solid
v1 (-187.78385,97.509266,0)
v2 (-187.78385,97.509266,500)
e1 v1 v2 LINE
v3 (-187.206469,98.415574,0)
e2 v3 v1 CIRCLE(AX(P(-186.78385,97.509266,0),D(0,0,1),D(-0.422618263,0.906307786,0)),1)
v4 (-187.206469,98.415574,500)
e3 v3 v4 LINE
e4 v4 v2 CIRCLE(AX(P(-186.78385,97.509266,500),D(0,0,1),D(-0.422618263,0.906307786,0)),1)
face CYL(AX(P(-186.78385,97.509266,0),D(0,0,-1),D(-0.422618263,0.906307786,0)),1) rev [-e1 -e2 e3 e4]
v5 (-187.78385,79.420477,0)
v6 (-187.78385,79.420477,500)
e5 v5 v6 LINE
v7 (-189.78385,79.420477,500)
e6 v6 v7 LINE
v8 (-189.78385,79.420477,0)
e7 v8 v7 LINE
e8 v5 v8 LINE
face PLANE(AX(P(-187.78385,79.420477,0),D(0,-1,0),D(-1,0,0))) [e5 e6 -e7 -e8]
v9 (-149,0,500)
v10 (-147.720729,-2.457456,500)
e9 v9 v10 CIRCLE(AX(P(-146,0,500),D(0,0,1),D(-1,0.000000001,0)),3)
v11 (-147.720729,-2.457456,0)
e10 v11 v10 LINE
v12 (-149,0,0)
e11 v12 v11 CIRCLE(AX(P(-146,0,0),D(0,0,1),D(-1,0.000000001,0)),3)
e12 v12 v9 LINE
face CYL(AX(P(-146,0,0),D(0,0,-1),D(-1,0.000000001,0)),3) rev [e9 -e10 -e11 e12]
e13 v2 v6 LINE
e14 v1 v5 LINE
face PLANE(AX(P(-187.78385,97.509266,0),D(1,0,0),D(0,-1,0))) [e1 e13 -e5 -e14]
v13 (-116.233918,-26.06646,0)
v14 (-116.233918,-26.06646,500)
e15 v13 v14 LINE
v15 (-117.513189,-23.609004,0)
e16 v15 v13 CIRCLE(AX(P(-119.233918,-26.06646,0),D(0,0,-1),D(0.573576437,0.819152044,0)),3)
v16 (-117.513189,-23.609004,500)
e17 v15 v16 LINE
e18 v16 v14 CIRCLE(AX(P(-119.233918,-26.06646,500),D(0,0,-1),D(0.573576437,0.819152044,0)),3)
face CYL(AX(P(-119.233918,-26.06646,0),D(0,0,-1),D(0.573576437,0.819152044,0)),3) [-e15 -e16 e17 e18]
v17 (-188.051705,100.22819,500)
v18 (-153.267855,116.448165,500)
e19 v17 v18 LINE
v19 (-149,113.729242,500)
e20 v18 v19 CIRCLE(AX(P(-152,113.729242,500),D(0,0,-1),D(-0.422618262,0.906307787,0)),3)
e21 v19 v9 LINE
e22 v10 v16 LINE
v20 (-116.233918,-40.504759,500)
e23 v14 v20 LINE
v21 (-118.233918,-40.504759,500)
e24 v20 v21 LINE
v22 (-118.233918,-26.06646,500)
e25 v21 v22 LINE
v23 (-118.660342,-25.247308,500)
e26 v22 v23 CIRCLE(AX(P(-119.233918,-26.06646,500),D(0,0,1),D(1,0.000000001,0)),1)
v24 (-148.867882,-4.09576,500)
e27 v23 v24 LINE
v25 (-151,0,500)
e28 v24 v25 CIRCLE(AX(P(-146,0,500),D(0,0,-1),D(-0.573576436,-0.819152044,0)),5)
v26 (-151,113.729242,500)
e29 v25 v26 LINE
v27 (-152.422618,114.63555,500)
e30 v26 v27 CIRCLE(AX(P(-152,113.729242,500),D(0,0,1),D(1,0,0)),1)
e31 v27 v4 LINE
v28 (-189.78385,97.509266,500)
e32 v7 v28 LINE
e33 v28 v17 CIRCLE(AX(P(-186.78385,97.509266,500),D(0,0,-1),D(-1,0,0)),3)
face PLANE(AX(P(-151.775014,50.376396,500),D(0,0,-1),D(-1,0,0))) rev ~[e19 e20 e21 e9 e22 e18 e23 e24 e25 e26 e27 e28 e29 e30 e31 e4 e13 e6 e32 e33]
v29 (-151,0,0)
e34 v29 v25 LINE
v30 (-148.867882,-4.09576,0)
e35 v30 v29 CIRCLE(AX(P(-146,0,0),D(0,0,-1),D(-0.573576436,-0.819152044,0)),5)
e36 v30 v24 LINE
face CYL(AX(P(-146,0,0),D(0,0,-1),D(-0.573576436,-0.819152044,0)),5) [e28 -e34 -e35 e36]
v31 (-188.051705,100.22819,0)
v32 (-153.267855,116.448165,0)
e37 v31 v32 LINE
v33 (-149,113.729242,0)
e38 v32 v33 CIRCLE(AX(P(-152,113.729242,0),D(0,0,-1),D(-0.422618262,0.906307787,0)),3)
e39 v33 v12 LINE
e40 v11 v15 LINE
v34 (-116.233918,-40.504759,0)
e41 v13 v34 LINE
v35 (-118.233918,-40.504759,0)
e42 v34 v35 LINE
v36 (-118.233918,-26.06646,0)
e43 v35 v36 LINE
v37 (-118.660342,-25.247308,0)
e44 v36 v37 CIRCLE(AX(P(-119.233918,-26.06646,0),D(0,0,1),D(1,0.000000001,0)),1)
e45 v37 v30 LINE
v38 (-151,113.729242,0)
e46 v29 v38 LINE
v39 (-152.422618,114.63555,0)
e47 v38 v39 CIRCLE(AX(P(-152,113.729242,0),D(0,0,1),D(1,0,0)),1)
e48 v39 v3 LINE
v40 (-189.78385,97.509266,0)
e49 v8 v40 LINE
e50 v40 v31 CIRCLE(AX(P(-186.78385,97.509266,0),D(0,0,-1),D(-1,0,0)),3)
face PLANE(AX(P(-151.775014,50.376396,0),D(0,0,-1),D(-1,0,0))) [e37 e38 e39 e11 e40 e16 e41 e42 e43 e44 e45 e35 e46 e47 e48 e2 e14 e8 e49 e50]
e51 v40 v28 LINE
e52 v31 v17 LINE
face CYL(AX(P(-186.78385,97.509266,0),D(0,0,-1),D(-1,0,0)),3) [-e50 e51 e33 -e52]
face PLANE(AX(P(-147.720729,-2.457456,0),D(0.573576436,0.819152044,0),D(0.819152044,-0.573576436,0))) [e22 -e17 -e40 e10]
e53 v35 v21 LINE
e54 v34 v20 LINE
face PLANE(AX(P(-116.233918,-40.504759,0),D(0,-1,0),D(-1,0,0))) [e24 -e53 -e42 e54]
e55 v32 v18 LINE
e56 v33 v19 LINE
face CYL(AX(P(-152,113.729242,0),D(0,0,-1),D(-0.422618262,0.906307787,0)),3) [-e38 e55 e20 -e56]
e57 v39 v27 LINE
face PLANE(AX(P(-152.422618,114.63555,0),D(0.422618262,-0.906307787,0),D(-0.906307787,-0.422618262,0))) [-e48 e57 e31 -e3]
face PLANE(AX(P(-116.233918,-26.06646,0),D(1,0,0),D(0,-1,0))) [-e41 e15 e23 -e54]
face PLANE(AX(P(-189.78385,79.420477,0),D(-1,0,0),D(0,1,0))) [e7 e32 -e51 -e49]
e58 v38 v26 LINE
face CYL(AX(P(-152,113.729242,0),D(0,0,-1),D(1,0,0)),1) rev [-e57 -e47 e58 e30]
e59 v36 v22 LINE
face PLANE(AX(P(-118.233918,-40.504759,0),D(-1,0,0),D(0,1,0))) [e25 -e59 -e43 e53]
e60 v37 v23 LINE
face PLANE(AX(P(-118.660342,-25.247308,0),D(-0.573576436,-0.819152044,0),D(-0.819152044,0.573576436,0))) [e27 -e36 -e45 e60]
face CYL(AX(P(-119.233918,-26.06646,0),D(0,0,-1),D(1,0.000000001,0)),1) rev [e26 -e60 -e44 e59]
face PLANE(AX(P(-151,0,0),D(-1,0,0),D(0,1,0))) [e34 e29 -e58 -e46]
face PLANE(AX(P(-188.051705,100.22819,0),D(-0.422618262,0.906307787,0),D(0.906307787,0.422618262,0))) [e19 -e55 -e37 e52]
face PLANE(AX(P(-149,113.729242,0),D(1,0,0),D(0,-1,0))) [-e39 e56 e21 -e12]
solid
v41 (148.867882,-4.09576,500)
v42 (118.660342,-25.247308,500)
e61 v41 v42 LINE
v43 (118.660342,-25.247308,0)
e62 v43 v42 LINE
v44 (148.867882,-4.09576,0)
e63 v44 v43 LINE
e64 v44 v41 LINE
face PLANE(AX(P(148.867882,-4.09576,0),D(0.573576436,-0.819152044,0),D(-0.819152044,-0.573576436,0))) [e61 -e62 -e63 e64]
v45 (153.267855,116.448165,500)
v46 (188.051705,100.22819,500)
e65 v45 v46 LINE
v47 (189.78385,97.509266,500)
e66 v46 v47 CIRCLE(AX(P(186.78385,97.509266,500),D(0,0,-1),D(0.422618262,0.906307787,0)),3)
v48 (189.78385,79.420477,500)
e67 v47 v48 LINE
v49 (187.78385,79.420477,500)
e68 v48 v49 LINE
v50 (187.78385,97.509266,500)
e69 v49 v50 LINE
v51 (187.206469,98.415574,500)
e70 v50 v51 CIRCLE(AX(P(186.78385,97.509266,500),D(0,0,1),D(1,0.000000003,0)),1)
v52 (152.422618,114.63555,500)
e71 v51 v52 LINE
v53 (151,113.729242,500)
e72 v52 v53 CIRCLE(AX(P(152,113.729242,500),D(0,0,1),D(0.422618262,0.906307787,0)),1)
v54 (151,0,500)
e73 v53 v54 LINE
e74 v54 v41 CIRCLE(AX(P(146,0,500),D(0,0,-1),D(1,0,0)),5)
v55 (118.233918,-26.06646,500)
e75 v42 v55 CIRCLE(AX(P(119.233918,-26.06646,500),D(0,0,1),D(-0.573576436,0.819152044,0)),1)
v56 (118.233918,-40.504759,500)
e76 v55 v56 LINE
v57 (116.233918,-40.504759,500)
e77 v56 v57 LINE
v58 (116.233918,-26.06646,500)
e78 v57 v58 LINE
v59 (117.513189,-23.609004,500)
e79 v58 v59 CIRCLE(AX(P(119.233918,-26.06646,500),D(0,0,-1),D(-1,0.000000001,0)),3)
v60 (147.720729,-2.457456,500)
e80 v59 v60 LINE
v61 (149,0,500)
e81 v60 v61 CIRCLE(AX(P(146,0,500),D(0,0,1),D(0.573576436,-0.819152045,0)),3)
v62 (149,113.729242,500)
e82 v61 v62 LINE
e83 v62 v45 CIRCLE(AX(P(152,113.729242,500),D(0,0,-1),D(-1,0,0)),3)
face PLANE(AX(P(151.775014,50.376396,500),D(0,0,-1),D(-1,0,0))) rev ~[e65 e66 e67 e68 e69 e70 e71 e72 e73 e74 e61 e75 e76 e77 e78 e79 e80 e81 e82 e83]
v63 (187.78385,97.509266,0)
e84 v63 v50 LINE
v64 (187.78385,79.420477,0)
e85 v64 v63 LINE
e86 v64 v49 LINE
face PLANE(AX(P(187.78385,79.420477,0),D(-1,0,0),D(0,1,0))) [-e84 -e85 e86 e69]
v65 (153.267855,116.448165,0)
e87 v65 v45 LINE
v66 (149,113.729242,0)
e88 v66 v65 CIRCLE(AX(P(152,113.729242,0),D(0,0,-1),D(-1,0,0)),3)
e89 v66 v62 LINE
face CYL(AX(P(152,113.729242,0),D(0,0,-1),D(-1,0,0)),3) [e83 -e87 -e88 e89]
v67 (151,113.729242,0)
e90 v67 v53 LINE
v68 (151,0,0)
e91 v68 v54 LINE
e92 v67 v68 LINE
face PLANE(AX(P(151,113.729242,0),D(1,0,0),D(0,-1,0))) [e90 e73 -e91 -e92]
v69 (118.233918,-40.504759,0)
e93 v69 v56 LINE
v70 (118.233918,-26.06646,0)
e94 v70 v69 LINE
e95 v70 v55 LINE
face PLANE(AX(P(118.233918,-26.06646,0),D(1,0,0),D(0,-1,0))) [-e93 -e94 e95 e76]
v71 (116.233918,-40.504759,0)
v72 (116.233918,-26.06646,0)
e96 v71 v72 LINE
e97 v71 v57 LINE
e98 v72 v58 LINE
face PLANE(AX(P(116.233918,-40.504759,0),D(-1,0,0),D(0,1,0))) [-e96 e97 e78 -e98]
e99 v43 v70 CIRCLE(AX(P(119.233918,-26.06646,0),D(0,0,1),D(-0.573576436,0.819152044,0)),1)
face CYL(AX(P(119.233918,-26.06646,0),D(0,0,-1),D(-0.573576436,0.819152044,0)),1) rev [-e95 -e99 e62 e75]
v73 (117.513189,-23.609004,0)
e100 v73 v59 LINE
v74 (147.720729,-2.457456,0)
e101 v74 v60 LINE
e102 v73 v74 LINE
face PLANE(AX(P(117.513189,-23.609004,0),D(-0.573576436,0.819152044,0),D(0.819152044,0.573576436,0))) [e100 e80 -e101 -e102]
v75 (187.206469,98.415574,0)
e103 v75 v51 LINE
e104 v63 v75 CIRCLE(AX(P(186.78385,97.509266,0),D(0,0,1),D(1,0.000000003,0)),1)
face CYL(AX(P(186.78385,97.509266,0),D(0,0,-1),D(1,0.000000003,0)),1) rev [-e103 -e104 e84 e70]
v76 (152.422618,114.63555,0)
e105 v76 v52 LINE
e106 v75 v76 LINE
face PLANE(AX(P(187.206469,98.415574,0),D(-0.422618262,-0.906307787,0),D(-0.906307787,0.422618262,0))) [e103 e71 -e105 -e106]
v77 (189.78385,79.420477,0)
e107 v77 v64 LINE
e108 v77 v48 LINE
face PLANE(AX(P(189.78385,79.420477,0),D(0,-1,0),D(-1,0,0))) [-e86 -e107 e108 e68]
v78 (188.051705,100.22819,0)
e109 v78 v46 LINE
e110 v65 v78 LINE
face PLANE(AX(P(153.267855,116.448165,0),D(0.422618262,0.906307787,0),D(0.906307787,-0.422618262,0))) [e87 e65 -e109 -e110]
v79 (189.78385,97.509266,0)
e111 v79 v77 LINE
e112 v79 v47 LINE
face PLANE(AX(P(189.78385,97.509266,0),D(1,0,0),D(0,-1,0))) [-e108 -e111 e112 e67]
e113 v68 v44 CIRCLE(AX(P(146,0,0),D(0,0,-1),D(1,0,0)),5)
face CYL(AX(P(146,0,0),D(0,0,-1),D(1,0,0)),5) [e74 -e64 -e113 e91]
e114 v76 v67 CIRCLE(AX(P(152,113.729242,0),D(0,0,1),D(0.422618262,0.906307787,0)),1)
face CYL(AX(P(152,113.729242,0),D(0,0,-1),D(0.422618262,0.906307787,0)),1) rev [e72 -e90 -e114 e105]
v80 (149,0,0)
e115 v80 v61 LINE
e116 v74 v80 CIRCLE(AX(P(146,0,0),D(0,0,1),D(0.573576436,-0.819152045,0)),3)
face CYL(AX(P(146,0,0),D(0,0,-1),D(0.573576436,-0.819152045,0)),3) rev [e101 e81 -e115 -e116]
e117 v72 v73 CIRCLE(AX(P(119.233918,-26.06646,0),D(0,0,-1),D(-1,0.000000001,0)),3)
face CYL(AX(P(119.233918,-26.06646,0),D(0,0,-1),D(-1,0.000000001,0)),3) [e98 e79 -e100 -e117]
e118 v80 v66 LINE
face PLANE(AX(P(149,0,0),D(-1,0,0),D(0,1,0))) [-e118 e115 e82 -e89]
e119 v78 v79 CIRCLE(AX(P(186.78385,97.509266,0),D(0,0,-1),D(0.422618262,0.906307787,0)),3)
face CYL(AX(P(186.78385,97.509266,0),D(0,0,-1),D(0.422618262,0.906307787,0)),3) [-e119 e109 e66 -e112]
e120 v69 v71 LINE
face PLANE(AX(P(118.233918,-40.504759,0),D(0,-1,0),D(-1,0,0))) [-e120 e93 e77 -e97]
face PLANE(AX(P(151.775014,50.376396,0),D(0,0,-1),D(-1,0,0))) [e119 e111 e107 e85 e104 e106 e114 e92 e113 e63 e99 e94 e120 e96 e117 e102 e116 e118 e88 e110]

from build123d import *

# Parameters (mm, degrees)
BOSS_EXTRUDE1_DEPTH   = 500
BOSS_EXTRUDE1_2_DEPTH = 500


with BuildPart() as part:
    # Sketch1 → Boss-Extrude1 (new body)
    with BuildSketch(Plane.XY):
        with BuildLine():
            ThreePointArc((-118.233918228, -26.066459757), (-118.346907395, -25.604711144), (-118.660341792, -25.247307713))
            Line((-118.660341792, -25.247307713), (-148.867882182, -4.095760221))
            ThreePointArc((-148.867882182, -4.095760221), (-150.435054166, -2.308743066), (-151, 0))
            Line((-151, 0), (-151, 113.729242117))
            ThreePointArc((-151, 113.729242117), (-151.462700392, 114.572633563), (-152.422618262, 114.635549904))
            Line((-152.422618262, 114.635549904), (-187.206468678, 98.415574075))
            ThreePointArc((-187.206468678, 98.415574075), (-187.627241862, 98.046565896), (-187.783850417, 97.509266288))
            Line((-187.783850417, 97.509266288), (-187.783850417, 79.42047707))
            Line((-187.783850417, 79.42047707), (-189.783850417, 79.42047707))
            Line((-189.783850417, 79.42047707), (-189.783850417, 97.509266288))
            ThreePointArc((-189.783850417, 97.509266288), (-189.314024754, 99.121165113), (-188.051705202, 100.228189649))
            Line((-188.051705202, 100.228189649), (-153.267854785, 116.448165478))
            ThreePointArc((-153.267854785, 116.448165478), (-150.388101175, 116.259416454), (-149, 113.729242117))
            Line((-149, 113.729242117), (-149, 0))
            ThreePointArc((-149, 0), (-148.6610325, -1.38524584), (-147.720729309, -2.457456133))
            Line((-147.720729309, -2.457456133), (-117.513188919, -23.609003624))
            ThreePointArc((-117.513188919, -23.609003624), (-116.572885729, -24.681213918), (-116.233918228, -26.066459757))
            Line((-116.233918228, -26.066459757), (-116.233918228, -40.504758606))
            Line((-116.233918228, -40.504758606), (-118.233918228, -40.504758606))
            Line((-118.233918228, -40.504758606), (-118.233918228, -26.066459757))
        make_face()
    extrude(amount=BOSS_EXTRUDE1_DEPTH)


with BuildPart() as body_2:
    # Sketch1 → Boss-Extrude1 2 (new body)
    with BuildSketch(Plane.XY):
        with BuildLine():
            ThreePointArc((116.233918228, -26.066459757), (116.572885729, -24.681213918), (117.513188919, -23.609003624))
            Line((117.513188919, -23.609003624), (147.720729309, -2.457456133))
            ThreePointArc((147.720729309, -2.457456133), (148.6610325, -1.38524584), (149, 0))
            Line((149, 0), (149, 113.729242117))
            ThreePointArc((149, 113.729242117), (150.388101175, 116.259416454), (153.267854785, 116.448165478))
            Line((153.267854785, 116.448165478), (188.051705202, 100.228189649))
            ThreePointArc((188.051705202, 100.228189649), (189.314024754, 99.121165113), (189.783850417, 97.509266288))
            Line((189.783850417, 97.509266288), (189.783850417, 79.42047707))
            Line((189.783850417, 79.42047707), (187.783850417, 79.42047707))
            Line((187.783850417, 79.42047707), (187.783850417, 97.509266288))
            ThreePointArc((187.783850417, 97.509266288), (187.627241862, 98.046565896), (187.206468678, 98.415574075))
            Line((187.206468678, 98.415574075), (152.422618262, 114.635549904))
            ThreePointArc((152.422618262, 114.635549904), (151.462700392, 114.572633563), (151, 113.729242117))
            Line((151, 113.729242117), (151, 0))
            ThreePointArc((151, 0), (150.435054166, -2.308743066), (148.867882182, -4.095760221))
            Line((148.867882182, -4.095760221), (118.660341792, -25.247307713))
            ThreePointArc((118.660341792, -25.247307713), (118.346907395, -25.604711144), (118.233918228, -26.066459757))
            Line((118.233918228, -26.066459757), (118.233918228, -40.504758606))
            Line((118.233918228, -40.504758606), (116.233918228, -40.504758606))
            Line((116.233918228, -40.504758606), (116.233918228, -26.066459757))
        make_face()
    extrude(amount=BOSS_EXTRUDE1_2_DEPTH)


solid = Compound([part.part, body_2.part])
